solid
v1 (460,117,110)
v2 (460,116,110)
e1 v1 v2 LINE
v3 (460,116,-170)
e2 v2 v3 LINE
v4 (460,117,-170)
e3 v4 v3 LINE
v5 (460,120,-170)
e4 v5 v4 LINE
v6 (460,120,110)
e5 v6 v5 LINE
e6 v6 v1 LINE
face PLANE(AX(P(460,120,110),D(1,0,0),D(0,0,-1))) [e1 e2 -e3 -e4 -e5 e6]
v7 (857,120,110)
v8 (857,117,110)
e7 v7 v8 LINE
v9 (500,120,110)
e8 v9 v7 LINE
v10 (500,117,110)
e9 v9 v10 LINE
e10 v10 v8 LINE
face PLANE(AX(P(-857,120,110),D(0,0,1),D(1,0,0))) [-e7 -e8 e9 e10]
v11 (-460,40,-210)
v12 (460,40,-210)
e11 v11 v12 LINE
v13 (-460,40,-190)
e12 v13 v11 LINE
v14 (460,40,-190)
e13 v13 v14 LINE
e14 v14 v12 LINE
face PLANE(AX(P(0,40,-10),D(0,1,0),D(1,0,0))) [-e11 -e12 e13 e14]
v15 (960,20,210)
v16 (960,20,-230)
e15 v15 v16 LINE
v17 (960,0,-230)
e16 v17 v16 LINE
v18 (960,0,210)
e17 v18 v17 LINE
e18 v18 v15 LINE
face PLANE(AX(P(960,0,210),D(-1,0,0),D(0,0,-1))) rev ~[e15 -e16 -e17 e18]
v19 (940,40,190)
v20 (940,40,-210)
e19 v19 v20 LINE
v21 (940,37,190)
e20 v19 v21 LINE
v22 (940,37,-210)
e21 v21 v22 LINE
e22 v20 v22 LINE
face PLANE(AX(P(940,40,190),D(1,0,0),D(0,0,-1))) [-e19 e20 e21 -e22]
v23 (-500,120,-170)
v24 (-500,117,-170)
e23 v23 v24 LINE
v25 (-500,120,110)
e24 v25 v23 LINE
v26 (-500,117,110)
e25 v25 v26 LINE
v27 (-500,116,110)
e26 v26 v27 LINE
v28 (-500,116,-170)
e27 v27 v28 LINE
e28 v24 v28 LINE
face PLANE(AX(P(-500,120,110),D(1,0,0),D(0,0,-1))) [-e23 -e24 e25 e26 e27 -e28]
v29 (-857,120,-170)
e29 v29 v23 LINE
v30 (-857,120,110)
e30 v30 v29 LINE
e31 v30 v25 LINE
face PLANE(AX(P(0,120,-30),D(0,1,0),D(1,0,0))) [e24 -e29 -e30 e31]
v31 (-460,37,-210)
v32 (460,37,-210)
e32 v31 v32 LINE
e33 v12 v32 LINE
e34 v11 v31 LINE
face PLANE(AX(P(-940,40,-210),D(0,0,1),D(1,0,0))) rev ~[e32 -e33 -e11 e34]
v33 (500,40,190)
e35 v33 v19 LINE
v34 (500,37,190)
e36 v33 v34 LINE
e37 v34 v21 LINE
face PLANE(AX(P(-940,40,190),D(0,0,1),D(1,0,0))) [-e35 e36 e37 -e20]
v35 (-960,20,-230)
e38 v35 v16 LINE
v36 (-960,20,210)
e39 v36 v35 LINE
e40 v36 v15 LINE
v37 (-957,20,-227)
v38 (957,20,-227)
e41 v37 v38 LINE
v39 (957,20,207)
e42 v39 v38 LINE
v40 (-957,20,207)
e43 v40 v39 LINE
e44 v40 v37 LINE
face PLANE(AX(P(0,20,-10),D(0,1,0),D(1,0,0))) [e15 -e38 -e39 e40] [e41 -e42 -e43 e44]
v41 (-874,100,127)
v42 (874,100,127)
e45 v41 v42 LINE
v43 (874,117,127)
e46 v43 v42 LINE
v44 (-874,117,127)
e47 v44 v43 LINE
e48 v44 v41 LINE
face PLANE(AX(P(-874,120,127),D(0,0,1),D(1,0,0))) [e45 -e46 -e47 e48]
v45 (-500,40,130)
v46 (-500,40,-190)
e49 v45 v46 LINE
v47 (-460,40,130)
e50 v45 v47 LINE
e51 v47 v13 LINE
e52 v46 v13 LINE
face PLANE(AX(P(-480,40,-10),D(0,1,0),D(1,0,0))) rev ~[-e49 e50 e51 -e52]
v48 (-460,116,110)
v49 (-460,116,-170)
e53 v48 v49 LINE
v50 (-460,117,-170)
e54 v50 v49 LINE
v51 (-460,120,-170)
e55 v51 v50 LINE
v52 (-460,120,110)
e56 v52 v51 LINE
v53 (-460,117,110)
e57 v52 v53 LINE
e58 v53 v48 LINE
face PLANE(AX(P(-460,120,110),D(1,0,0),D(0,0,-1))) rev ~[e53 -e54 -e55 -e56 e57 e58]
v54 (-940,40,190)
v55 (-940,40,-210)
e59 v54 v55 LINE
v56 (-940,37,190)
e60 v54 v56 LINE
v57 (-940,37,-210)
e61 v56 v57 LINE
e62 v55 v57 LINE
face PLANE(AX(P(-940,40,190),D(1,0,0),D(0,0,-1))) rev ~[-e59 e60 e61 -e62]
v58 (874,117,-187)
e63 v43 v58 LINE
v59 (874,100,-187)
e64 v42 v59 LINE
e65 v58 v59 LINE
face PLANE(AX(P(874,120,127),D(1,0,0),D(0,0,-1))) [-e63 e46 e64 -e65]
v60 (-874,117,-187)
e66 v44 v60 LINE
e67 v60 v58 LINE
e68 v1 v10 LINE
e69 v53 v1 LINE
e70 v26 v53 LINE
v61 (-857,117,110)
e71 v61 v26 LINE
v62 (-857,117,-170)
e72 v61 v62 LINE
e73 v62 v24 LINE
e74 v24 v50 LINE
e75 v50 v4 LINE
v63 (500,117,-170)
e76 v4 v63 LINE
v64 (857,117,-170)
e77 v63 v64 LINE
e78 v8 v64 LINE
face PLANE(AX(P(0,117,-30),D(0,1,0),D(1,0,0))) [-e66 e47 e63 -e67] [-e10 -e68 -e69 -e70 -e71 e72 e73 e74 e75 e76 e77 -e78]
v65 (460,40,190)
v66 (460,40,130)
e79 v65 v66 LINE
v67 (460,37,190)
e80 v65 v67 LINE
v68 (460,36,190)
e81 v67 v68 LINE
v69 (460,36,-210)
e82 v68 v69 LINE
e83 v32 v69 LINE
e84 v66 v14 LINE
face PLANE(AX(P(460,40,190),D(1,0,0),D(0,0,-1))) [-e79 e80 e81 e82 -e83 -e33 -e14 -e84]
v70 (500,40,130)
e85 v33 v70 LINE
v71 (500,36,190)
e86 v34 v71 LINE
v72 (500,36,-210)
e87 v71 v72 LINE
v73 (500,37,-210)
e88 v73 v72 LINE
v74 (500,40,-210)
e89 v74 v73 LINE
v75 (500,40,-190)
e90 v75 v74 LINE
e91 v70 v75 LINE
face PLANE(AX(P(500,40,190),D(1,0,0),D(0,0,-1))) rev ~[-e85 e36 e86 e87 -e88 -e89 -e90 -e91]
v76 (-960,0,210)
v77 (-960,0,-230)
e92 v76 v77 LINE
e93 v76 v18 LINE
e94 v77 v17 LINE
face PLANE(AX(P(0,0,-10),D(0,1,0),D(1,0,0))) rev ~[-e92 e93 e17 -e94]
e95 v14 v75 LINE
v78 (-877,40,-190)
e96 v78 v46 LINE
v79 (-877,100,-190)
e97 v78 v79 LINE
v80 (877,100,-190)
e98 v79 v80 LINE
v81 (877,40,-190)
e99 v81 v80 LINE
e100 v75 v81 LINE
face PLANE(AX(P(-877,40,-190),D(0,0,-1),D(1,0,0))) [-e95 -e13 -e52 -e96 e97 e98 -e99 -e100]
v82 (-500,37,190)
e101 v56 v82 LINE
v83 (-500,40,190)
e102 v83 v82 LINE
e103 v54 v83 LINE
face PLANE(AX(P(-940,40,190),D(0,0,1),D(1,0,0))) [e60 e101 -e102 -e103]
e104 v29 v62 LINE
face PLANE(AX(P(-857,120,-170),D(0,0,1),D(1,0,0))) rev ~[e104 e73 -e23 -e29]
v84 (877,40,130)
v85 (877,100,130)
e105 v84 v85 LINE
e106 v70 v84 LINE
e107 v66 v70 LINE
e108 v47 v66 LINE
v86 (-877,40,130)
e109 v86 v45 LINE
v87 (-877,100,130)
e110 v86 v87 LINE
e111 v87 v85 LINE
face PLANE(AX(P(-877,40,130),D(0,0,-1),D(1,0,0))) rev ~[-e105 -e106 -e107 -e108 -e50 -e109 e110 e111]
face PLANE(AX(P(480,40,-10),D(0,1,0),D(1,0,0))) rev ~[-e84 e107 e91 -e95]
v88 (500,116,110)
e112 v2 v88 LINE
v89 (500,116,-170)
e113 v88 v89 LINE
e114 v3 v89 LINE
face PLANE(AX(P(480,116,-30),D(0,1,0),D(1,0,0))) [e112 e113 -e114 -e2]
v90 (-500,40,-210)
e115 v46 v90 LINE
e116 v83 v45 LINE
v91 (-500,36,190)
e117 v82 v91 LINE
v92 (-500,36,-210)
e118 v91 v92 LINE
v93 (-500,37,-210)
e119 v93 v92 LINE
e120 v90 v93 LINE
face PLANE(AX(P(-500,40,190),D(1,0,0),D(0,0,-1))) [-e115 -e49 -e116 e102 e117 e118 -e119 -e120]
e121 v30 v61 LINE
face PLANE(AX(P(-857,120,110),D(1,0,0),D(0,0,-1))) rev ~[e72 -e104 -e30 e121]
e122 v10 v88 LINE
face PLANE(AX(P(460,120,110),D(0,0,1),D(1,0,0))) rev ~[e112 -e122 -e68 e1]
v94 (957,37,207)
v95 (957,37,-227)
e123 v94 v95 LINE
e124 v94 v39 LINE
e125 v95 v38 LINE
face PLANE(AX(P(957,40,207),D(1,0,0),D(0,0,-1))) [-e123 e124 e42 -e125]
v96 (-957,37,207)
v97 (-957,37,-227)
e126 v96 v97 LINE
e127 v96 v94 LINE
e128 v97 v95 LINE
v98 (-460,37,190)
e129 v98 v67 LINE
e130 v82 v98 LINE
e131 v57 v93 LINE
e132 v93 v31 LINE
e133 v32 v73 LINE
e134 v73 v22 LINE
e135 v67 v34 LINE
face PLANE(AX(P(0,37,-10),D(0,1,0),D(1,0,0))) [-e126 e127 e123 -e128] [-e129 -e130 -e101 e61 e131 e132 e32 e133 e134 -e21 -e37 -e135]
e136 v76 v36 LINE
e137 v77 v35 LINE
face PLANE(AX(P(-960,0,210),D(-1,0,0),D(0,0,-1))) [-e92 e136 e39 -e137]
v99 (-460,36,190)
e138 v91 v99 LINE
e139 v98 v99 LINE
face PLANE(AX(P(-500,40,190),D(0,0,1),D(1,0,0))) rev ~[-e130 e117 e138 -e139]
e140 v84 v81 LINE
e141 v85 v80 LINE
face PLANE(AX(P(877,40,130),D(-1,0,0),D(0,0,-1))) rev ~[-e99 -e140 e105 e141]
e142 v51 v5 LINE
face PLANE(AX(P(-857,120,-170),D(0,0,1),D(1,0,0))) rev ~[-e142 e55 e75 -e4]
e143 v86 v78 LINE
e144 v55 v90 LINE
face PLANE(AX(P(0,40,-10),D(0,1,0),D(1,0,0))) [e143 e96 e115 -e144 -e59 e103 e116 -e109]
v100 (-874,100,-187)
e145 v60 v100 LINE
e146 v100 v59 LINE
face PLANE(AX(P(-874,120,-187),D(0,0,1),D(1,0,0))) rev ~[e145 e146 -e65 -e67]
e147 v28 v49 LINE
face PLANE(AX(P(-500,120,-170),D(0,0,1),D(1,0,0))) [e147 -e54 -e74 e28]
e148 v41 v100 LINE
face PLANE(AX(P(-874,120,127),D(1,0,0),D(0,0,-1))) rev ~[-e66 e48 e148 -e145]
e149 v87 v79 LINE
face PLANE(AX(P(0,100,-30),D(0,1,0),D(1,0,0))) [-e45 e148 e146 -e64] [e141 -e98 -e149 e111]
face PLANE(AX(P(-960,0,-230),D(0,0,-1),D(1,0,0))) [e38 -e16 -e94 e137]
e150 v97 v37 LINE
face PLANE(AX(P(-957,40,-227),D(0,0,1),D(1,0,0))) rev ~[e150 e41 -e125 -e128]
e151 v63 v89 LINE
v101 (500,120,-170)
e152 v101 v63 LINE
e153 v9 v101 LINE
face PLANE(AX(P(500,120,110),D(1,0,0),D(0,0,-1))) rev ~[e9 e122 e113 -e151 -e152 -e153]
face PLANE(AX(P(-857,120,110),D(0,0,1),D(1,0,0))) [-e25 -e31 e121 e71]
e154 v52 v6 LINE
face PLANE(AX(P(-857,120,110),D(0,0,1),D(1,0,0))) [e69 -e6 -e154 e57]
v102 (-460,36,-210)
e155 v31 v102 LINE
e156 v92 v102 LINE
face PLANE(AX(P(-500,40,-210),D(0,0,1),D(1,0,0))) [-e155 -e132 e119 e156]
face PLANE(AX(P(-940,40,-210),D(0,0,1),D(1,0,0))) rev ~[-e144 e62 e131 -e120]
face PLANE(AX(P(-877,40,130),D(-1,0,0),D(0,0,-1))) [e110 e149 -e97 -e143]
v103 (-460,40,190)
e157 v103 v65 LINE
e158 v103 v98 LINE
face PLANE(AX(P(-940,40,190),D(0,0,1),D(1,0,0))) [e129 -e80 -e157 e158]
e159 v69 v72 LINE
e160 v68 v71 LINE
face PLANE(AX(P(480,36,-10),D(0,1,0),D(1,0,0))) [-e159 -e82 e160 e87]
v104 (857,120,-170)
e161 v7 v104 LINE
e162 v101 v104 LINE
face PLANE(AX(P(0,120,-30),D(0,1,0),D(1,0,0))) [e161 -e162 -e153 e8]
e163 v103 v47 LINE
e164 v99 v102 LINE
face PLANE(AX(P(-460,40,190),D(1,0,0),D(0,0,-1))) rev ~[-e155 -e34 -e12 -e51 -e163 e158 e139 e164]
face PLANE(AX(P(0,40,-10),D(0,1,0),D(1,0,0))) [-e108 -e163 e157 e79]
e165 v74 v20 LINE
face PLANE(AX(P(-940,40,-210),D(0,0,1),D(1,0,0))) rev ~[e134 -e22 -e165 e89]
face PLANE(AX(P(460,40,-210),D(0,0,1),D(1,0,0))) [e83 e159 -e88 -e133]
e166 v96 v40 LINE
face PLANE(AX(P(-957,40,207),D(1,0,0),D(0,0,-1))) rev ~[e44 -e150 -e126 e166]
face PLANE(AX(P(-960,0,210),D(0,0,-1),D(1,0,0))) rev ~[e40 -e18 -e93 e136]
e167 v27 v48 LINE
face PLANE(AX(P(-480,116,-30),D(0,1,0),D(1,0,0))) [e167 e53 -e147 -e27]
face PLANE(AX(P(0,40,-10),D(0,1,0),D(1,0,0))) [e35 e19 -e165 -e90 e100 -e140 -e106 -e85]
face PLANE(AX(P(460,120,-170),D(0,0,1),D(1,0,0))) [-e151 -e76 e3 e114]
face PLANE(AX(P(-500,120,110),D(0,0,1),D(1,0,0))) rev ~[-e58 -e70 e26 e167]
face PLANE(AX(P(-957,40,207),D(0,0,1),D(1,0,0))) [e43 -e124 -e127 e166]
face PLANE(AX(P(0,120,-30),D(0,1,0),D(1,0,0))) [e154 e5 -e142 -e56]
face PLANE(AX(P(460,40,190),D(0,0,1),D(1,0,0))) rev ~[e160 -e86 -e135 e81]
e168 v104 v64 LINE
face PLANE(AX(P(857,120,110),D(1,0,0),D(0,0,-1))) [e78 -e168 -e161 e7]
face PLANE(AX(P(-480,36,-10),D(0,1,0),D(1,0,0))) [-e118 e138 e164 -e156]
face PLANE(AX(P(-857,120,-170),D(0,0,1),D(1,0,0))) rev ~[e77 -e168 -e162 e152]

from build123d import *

# Parameters (mm, degrees)
SKETCH1_W           = 1920
SKETCH1_H           = 440
BOSS_EXTRUDE1_DEPTH = 40
SKETCH4_W           = 1754
SKETCH4_H           = 320
BOSS_EXTRUDE2_DEPTH = 80
SKETCH5_W           = 1754
SKETCH5_H           = 320
SKETCH5_W_2         = 1714
SKETCH5_H_2         = 280
CUT_EXTRUDE1_DEPTH  = 3
SKETCH6_W           = 1754
SKETCH6_H           = 320
SKETCH6_W_2         = 1748
SKETCH6_H_2         = 314
CUT_EXTRUDE2_DEPTH  = 20
SKETCH7_W           = 40
SKETCH7_H           = 280
CUT_EXTRUDE3_DEPTH  = 4
SKETCH8_W           = 1920
SKETCH8_H           = 440
SKETCH8_W_2         = 1880
SKETCH8_H_2         = 400
CUT_EXTRUDE4_DEPTH  = 3
SKETCH9_W           = 1920
SKETCH9_H           = 440
SKETCH9_W_2         = 1914
SKETCH9_H_2         = 434
CUT_EXTRUDE5_DEPTH  = 20
SKETCH10_W          = 40
SKETCH10_H          = 400
CUT_EXTRUDE9_DEPTH  = 4


with BuildPart() as part:
    # Sketch1 → Boss-Extrude1 (new body)
    with BuildSketch(Plane(origin=(0, 0, 0), x_dir=(1, 0, 0), z_dir=(0, 1, 0))):
        with Locations((0, 10)):
            Rectangle(SKETCH1_W, SKETCH1_H)
    extrude(amount=BOSS_EXTRUDE1_DEPTH)

    # Sketch4 → Boss-Extrude2 (add)
    with BuildSketch(Plane(origin=(0, 40, 0), x_dir=(1, 0, 0), z_dir=(0, 1, 0))):
        with Locations((0, 30)):
            Rectangle(SKETCH4_W, SKETCH4_H)
    extrude(amount=BOSS_EXTRUDE2_DEPTH)

    # Sketch5 → Cut-Extrude1 (cut)
    with BuildSketch(Plane(origin=(0, 120, 0), x_dir=(1, 0, 0), z_dir=(0, 1, 0))):
        with Locations((0, 30)):
            Rectangle(SKETCH5_W, SKETCH5_H)
        with Locations((0, 30)):
            Rectangle(SKETCH5_W_2, SKETCH5_H_2, mode=Mode.SUBTRACT)
    extrude(amount=-CUT_EXTRUDE1_DEPTH, mode=Mode.SUBTRACT)

    # Sketch6 → Cut-Extrude2 (cut)
    with BuildSketch(Plane(origin=(0, 120, 0), x_dir=(1, 0, 0), z_dir=(0, 1, 0))):
        with Locations((0, 30)):
            Rectangle(SKETCH6_W, SKETCH6_H)
        with Locations((0, 30)):
            Rectangle(SKETCH6_W_2, SKETCH6_H_2, mode=Mode.SUBTRACT)
    extrude(amount=-CUT_EXTRUDE2_DEPTH, mode=Mode.SUBTRACT)

    # Sketch7 → Cut-Extrude3 (cut)
    with BuildSketch(Plane(origin=(0, 120, 0), x_dir=(1, 0, 0), z_dir=(0, 1, 0))):
        with Locations((480, 30)):
            Rectangle(SKETCH7_W, SKETCH7_H)
        with Locations((-480, 30)):
            Rectangle(SKETCH7_W, SKETCH7_H)
    extrude(amount=-CUT_EXTRUDE3_DEPTH, mode=Mode.SUBTRACT)

    # Sketch8 → Cut-Extrude4 (cut)
    with BuildSketch(Plane(origin=(0, 40, 0), x_dir=(1, 0, 0), z_dir=(0, 1, 0))):
        with Locations((0, 10)):
            Rectangle(SKETCH8_W, SKETCH8_H)
        with Locations((0, 10)):
            Rectangle(SKETCH8_W_2, SKETCH8_H_2, mode=Mode.SUBTRACT)
    extrude(amount=-CUT_EXTRUDE4_DEPTH, mode=Mode.SUBTRACT)

    # Sketch9 → Cut-Extrude5 (cut)
    with BuildSketch(Plane(origin=(0, 40, 0), x_dir=(1, 0, 0), z_dir=(0, 1, 0))):
        with Locations((0, 10)):
            Rectangle(SKETCH9_W, SKETCH9_H)
        with Locations((0, 10)):
            Rectangle(SKETCH9_W_2, SKETCH9_H_2, mode=Mode.SUBTRACT)
    extrude(amount=-CUT_EXTRUDE5_DEPTH, mode=Mode.SUBTRACT)

    # Sketch10 → Cut-Extrude9 (cut)
    with BuildSketch(Plane(origin=(0, 40, 0), x_dir=(1, 0, 0), z_dir=(0, 1, 0))):
        with Locations((-480, 10)):
            Rectangle(SKETCH10_W, SKETCH10_H)
        with Locations((480, 10)):
            Rectangle(SKETCH10_W, SKETCH10_H)
    extrude(amount=-CUT_EXTRUDE9_DEPTH, mode=Mode.SUBTRACT)


solid = part.part
